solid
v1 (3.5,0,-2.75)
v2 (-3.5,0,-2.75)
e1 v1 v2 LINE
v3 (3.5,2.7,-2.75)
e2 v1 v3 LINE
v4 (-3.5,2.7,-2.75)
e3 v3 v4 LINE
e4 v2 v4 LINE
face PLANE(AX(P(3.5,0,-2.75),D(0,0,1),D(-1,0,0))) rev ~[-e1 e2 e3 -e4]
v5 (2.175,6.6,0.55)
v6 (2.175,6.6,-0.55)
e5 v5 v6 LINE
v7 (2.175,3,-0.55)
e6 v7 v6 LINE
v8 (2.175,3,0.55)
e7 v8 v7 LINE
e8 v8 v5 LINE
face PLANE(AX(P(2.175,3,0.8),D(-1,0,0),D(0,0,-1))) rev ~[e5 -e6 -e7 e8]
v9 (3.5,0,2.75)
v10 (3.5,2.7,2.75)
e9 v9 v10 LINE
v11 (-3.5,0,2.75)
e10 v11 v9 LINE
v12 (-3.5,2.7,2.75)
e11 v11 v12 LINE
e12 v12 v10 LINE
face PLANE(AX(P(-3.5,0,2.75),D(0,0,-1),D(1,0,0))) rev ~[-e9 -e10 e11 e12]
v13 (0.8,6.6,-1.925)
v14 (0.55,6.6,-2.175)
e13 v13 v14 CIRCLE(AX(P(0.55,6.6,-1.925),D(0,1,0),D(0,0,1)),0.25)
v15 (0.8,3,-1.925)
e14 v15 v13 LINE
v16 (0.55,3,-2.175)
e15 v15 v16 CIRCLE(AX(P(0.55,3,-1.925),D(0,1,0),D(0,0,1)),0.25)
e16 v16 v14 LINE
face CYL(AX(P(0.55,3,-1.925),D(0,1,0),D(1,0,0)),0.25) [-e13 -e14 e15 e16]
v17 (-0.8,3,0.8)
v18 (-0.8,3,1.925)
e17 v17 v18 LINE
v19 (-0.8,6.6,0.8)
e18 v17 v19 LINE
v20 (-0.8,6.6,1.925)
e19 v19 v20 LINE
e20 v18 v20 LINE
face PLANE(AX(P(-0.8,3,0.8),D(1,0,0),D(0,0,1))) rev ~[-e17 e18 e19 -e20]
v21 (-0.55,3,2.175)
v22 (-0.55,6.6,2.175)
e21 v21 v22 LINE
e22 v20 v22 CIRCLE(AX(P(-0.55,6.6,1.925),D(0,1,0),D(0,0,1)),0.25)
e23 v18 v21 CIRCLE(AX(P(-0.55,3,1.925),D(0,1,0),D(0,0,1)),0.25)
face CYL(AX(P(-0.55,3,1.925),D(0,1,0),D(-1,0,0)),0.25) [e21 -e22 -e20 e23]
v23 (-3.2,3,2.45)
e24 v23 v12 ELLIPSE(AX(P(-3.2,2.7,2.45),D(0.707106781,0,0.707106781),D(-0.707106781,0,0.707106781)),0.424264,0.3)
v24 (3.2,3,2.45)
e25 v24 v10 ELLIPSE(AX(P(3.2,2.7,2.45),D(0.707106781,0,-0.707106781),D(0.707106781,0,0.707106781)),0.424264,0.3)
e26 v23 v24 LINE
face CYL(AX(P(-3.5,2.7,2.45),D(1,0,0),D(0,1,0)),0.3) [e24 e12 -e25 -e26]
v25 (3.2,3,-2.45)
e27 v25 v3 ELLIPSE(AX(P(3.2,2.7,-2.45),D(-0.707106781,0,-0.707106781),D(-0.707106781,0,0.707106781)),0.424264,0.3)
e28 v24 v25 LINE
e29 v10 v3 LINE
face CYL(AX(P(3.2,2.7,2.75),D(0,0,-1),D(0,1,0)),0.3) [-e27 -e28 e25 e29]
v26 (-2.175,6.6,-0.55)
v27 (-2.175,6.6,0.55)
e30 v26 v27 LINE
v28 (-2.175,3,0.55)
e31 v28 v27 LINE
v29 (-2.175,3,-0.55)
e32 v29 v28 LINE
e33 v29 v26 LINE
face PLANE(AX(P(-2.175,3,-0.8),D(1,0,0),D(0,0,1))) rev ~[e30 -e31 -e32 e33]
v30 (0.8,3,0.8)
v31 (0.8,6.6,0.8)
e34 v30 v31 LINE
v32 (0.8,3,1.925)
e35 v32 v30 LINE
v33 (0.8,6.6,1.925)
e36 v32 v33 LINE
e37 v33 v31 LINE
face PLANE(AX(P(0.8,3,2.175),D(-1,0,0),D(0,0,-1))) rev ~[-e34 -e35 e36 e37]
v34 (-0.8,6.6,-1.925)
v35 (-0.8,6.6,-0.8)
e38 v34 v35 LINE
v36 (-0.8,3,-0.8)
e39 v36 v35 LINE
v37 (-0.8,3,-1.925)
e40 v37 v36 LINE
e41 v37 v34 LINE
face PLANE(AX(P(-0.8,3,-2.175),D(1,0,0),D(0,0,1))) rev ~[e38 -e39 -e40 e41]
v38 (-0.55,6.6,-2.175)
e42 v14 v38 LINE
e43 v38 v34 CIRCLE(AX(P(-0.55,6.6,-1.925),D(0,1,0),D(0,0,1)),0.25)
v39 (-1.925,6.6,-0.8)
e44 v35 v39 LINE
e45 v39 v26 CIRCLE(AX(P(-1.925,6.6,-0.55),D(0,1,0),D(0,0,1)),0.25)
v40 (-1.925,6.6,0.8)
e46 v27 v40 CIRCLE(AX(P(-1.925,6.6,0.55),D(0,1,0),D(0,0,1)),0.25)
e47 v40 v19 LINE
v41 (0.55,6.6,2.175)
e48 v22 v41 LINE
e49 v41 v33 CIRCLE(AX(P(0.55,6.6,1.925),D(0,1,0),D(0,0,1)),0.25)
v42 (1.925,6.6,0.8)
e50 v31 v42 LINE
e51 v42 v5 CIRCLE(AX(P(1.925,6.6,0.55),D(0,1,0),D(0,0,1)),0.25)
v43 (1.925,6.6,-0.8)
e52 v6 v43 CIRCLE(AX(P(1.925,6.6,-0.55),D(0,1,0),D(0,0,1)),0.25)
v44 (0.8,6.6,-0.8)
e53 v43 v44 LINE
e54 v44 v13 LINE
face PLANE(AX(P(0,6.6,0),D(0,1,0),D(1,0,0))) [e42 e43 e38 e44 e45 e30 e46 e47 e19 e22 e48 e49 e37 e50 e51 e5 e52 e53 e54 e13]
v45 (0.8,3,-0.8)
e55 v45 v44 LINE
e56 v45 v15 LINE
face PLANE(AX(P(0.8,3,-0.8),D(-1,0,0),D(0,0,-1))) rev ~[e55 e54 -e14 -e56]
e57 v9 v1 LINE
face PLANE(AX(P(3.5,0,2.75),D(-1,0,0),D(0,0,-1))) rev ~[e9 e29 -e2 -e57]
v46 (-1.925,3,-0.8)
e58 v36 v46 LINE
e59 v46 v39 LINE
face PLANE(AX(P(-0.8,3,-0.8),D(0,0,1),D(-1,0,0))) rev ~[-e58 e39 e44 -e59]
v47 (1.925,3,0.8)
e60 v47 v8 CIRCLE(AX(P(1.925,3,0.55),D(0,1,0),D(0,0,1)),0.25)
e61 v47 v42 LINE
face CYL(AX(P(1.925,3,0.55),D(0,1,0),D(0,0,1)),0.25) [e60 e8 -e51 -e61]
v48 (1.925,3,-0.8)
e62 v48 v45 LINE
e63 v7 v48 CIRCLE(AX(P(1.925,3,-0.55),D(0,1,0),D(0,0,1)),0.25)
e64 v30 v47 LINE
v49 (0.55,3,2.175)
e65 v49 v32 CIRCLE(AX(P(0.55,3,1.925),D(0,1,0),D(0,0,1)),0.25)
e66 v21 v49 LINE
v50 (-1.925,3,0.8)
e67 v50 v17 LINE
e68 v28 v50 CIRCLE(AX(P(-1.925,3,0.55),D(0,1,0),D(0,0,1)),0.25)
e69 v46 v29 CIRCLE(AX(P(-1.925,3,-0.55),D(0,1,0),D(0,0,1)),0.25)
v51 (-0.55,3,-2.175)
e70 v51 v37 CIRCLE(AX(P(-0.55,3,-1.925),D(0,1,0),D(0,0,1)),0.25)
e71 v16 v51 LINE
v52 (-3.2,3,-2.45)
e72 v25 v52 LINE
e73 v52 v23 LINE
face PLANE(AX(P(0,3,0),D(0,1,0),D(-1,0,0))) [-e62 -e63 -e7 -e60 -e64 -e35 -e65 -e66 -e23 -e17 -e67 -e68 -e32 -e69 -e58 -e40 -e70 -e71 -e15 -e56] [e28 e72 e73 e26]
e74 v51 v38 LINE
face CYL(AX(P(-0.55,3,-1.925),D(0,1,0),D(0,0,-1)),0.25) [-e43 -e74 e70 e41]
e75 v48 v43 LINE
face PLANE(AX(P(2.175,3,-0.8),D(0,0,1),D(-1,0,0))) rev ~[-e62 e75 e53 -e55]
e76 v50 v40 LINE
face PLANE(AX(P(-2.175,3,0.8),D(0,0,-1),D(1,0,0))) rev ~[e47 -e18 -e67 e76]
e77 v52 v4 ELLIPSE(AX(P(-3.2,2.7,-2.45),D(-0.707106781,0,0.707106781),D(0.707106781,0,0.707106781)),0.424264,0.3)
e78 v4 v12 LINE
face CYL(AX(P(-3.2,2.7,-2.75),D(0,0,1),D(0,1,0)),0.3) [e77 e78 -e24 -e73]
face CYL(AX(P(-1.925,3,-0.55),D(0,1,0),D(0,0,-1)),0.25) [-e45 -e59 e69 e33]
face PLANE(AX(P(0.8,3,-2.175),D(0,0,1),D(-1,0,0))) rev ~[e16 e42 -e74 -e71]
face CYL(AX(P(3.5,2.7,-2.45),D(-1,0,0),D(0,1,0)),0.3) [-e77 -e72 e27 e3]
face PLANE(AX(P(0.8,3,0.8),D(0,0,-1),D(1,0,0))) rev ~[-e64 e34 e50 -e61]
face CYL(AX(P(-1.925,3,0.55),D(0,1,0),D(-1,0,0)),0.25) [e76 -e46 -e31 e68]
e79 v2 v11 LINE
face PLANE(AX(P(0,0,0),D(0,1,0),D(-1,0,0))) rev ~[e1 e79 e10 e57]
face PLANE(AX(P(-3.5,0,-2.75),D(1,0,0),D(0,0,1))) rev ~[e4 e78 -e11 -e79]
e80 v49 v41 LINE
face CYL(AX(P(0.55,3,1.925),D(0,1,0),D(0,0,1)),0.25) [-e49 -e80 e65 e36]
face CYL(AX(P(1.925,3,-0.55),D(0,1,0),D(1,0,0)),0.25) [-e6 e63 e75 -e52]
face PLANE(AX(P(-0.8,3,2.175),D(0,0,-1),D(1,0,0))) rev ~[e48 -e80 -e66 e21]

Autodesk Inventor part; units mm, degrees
ref_plane "YZ Plane" through (0, 0, 0) normal (1, 0, 0) x (0, 1, 0)
ref_plane "XZ Plane" through (0, 0, 0) normal (0, 1, 0) x (-1, 0, 0)
ref_plane "XY Plane" through (0, 0, 0) normal (0, 0, 1) x (1, 0, 0)
sketch "Pole Base Profile" plane through (0, 0, 0) normal (0, 1, 0) x (-1, 0, 0)
  line L0 (3.5, 2.75) -> (-3.5, 2.75)
  line L1 (-3.5, 2.75) -> (-3.5, -2.75)
  line L2 (-3.5, -2.75) -> (3.5, -2.75)
  line L3 (3.5, -2.75) -> (3.5, 2.75)
  line L4 (3.5, 2.75) -> (-3.5, -2.75) construction
  line L5 (-3.5, 2.75) -> (3.5, -2.75) construction
  point P0 (0, 0)
  dimension "d0" = 7
  dimension "d1" = 5.5
extrude "Pole Base" add sketch "Pole Base Profile" along normal blind 3
sketch "Cross Base" plane through (0, 3, 0) normal (0, 1, 0) x (1, 0, 0)
  line L0 (-0.8, -2.175) -> (0.8, -2.175)
  line L1 (0.8, -2.175) -> (0.8, 2.175)
  line L2 (0.8, 2.175) -> (-0.8, 2.175)
  line L3 (-0.8, 2.175) -> (-0.8, -2.175)
  line L4 (-0.8, -2.175) -> (0.8, 2.175) construction
  line L5 (0.8, -2.175) -> (-0.8, 2.175) construction
  line L6 (-2.175, -0.8) -> (2.175, -0.8)
  line L7 (2.175, -0.8) -> (2.175, 0.8)
  line L8 (2.175, 0.8) -> (-2.175, 0.8)
  line L9 (-2.175, 0.8) -> (-2.175, -0.8)
  line L10 (-2.175, -0.8) -> (2.175, 0.8) construction
  line L11 (2.175, -0.8) -> (-2.175, 0.8) construction
  point P0 (0, 0)
  dimension "d12" = 1.6
  dimension "d13" = 4.35
  dimension "d14" = 4.35
  dimension "d15" = 1.6
extrude "Pole" add sketch "Cross Base" along normal blind 3.6
fillet "Pole Rounding" radius 0.25 8 edges at (2.175, 4.8, 0.8) (0.8, 4.8, 2.175) (-0.8, 4.8, 2.175) (-2.175, 4.8, 0.8) (-2.175, 4.8, -0.8) (-0.8, 4.8, -2.175) (0.8, 4.8, -2.175) (2.175, 4.8, -0.8)
fillet "Base Rounding" radius 0.3 4 edges at (-3.5, 3, 0) (0, 3, -2.75) (0, 3, 2.75) (3.5, 3, 0)
sketch "Top Center Point" plane through (0, 6.6, 0) normal (0, 1, 0) x (1, 0, 0)
  point P0 (0, 0)
equation "\"d0\" = s_polebl"
equation "\"d1\" = s_polebw"
equation "\"d12\" = k_cmxw"
equation "\"d13\" = k_cmxl"
equation "\"d14\" = d13"
equation "\"d15\" = d12"
equation "\"d8\" = s_poleh"
equation "\"k_width\" = 18.1"
equation "\"k_height\" = 18"
equation "\"k_taper1\" = 1.5"
equation "\"k_taper2\" = 0.5"
equation "\"k_radius\" = 6"
equation "\"k_wthick\" = 1.5"
equation "\"k_ribthick\" = 1.5"
equation "\"k_ribheight\" = 5"
equation "\"k_poleoff\" = 2.2625"
equation "\"k_poledia\" = 5.54"
equation "\"k_cmxw\" = 1.6"
equation "\"k_cmxl\" = 4.35"
equation "\"s_bwidth\" = 15.6"
equation "\"s_poleh\" = 3.6"
equation "\"s_polebw\" = 5.5"
equation "\"s_polebl\" = 7"
equation "\"b_rshift\" = 49.775"
equation "\"b_height\" = 77.4"
equation "\"b_tab\" = 27.15"
equation "\"b_lshift\" = 40.725"
equation "\"b_space\" = 117.65"
equation "\"b_caps\" = 31.675"
equation "\"b_pad\" = 1"
equation "\"b_width\" = 286.5"
equation "\"b_ctrl\" = 22.625"
equation "\"k_staper\" = 1"
equation "\"k_ltaper\" = 1.5"
equation "\"k_sradius\" = 4"
equation "\"k_lradius\" = 6"
equation "\"k_height_t\" = 16"
equation "\"k_height_low\" = 16"
equation "\"k_taper_wide\" = 1.5"
equation "\"k_taper_thin\" = 0.5"
properties part number "keyswitch-pole_cherrymx"
